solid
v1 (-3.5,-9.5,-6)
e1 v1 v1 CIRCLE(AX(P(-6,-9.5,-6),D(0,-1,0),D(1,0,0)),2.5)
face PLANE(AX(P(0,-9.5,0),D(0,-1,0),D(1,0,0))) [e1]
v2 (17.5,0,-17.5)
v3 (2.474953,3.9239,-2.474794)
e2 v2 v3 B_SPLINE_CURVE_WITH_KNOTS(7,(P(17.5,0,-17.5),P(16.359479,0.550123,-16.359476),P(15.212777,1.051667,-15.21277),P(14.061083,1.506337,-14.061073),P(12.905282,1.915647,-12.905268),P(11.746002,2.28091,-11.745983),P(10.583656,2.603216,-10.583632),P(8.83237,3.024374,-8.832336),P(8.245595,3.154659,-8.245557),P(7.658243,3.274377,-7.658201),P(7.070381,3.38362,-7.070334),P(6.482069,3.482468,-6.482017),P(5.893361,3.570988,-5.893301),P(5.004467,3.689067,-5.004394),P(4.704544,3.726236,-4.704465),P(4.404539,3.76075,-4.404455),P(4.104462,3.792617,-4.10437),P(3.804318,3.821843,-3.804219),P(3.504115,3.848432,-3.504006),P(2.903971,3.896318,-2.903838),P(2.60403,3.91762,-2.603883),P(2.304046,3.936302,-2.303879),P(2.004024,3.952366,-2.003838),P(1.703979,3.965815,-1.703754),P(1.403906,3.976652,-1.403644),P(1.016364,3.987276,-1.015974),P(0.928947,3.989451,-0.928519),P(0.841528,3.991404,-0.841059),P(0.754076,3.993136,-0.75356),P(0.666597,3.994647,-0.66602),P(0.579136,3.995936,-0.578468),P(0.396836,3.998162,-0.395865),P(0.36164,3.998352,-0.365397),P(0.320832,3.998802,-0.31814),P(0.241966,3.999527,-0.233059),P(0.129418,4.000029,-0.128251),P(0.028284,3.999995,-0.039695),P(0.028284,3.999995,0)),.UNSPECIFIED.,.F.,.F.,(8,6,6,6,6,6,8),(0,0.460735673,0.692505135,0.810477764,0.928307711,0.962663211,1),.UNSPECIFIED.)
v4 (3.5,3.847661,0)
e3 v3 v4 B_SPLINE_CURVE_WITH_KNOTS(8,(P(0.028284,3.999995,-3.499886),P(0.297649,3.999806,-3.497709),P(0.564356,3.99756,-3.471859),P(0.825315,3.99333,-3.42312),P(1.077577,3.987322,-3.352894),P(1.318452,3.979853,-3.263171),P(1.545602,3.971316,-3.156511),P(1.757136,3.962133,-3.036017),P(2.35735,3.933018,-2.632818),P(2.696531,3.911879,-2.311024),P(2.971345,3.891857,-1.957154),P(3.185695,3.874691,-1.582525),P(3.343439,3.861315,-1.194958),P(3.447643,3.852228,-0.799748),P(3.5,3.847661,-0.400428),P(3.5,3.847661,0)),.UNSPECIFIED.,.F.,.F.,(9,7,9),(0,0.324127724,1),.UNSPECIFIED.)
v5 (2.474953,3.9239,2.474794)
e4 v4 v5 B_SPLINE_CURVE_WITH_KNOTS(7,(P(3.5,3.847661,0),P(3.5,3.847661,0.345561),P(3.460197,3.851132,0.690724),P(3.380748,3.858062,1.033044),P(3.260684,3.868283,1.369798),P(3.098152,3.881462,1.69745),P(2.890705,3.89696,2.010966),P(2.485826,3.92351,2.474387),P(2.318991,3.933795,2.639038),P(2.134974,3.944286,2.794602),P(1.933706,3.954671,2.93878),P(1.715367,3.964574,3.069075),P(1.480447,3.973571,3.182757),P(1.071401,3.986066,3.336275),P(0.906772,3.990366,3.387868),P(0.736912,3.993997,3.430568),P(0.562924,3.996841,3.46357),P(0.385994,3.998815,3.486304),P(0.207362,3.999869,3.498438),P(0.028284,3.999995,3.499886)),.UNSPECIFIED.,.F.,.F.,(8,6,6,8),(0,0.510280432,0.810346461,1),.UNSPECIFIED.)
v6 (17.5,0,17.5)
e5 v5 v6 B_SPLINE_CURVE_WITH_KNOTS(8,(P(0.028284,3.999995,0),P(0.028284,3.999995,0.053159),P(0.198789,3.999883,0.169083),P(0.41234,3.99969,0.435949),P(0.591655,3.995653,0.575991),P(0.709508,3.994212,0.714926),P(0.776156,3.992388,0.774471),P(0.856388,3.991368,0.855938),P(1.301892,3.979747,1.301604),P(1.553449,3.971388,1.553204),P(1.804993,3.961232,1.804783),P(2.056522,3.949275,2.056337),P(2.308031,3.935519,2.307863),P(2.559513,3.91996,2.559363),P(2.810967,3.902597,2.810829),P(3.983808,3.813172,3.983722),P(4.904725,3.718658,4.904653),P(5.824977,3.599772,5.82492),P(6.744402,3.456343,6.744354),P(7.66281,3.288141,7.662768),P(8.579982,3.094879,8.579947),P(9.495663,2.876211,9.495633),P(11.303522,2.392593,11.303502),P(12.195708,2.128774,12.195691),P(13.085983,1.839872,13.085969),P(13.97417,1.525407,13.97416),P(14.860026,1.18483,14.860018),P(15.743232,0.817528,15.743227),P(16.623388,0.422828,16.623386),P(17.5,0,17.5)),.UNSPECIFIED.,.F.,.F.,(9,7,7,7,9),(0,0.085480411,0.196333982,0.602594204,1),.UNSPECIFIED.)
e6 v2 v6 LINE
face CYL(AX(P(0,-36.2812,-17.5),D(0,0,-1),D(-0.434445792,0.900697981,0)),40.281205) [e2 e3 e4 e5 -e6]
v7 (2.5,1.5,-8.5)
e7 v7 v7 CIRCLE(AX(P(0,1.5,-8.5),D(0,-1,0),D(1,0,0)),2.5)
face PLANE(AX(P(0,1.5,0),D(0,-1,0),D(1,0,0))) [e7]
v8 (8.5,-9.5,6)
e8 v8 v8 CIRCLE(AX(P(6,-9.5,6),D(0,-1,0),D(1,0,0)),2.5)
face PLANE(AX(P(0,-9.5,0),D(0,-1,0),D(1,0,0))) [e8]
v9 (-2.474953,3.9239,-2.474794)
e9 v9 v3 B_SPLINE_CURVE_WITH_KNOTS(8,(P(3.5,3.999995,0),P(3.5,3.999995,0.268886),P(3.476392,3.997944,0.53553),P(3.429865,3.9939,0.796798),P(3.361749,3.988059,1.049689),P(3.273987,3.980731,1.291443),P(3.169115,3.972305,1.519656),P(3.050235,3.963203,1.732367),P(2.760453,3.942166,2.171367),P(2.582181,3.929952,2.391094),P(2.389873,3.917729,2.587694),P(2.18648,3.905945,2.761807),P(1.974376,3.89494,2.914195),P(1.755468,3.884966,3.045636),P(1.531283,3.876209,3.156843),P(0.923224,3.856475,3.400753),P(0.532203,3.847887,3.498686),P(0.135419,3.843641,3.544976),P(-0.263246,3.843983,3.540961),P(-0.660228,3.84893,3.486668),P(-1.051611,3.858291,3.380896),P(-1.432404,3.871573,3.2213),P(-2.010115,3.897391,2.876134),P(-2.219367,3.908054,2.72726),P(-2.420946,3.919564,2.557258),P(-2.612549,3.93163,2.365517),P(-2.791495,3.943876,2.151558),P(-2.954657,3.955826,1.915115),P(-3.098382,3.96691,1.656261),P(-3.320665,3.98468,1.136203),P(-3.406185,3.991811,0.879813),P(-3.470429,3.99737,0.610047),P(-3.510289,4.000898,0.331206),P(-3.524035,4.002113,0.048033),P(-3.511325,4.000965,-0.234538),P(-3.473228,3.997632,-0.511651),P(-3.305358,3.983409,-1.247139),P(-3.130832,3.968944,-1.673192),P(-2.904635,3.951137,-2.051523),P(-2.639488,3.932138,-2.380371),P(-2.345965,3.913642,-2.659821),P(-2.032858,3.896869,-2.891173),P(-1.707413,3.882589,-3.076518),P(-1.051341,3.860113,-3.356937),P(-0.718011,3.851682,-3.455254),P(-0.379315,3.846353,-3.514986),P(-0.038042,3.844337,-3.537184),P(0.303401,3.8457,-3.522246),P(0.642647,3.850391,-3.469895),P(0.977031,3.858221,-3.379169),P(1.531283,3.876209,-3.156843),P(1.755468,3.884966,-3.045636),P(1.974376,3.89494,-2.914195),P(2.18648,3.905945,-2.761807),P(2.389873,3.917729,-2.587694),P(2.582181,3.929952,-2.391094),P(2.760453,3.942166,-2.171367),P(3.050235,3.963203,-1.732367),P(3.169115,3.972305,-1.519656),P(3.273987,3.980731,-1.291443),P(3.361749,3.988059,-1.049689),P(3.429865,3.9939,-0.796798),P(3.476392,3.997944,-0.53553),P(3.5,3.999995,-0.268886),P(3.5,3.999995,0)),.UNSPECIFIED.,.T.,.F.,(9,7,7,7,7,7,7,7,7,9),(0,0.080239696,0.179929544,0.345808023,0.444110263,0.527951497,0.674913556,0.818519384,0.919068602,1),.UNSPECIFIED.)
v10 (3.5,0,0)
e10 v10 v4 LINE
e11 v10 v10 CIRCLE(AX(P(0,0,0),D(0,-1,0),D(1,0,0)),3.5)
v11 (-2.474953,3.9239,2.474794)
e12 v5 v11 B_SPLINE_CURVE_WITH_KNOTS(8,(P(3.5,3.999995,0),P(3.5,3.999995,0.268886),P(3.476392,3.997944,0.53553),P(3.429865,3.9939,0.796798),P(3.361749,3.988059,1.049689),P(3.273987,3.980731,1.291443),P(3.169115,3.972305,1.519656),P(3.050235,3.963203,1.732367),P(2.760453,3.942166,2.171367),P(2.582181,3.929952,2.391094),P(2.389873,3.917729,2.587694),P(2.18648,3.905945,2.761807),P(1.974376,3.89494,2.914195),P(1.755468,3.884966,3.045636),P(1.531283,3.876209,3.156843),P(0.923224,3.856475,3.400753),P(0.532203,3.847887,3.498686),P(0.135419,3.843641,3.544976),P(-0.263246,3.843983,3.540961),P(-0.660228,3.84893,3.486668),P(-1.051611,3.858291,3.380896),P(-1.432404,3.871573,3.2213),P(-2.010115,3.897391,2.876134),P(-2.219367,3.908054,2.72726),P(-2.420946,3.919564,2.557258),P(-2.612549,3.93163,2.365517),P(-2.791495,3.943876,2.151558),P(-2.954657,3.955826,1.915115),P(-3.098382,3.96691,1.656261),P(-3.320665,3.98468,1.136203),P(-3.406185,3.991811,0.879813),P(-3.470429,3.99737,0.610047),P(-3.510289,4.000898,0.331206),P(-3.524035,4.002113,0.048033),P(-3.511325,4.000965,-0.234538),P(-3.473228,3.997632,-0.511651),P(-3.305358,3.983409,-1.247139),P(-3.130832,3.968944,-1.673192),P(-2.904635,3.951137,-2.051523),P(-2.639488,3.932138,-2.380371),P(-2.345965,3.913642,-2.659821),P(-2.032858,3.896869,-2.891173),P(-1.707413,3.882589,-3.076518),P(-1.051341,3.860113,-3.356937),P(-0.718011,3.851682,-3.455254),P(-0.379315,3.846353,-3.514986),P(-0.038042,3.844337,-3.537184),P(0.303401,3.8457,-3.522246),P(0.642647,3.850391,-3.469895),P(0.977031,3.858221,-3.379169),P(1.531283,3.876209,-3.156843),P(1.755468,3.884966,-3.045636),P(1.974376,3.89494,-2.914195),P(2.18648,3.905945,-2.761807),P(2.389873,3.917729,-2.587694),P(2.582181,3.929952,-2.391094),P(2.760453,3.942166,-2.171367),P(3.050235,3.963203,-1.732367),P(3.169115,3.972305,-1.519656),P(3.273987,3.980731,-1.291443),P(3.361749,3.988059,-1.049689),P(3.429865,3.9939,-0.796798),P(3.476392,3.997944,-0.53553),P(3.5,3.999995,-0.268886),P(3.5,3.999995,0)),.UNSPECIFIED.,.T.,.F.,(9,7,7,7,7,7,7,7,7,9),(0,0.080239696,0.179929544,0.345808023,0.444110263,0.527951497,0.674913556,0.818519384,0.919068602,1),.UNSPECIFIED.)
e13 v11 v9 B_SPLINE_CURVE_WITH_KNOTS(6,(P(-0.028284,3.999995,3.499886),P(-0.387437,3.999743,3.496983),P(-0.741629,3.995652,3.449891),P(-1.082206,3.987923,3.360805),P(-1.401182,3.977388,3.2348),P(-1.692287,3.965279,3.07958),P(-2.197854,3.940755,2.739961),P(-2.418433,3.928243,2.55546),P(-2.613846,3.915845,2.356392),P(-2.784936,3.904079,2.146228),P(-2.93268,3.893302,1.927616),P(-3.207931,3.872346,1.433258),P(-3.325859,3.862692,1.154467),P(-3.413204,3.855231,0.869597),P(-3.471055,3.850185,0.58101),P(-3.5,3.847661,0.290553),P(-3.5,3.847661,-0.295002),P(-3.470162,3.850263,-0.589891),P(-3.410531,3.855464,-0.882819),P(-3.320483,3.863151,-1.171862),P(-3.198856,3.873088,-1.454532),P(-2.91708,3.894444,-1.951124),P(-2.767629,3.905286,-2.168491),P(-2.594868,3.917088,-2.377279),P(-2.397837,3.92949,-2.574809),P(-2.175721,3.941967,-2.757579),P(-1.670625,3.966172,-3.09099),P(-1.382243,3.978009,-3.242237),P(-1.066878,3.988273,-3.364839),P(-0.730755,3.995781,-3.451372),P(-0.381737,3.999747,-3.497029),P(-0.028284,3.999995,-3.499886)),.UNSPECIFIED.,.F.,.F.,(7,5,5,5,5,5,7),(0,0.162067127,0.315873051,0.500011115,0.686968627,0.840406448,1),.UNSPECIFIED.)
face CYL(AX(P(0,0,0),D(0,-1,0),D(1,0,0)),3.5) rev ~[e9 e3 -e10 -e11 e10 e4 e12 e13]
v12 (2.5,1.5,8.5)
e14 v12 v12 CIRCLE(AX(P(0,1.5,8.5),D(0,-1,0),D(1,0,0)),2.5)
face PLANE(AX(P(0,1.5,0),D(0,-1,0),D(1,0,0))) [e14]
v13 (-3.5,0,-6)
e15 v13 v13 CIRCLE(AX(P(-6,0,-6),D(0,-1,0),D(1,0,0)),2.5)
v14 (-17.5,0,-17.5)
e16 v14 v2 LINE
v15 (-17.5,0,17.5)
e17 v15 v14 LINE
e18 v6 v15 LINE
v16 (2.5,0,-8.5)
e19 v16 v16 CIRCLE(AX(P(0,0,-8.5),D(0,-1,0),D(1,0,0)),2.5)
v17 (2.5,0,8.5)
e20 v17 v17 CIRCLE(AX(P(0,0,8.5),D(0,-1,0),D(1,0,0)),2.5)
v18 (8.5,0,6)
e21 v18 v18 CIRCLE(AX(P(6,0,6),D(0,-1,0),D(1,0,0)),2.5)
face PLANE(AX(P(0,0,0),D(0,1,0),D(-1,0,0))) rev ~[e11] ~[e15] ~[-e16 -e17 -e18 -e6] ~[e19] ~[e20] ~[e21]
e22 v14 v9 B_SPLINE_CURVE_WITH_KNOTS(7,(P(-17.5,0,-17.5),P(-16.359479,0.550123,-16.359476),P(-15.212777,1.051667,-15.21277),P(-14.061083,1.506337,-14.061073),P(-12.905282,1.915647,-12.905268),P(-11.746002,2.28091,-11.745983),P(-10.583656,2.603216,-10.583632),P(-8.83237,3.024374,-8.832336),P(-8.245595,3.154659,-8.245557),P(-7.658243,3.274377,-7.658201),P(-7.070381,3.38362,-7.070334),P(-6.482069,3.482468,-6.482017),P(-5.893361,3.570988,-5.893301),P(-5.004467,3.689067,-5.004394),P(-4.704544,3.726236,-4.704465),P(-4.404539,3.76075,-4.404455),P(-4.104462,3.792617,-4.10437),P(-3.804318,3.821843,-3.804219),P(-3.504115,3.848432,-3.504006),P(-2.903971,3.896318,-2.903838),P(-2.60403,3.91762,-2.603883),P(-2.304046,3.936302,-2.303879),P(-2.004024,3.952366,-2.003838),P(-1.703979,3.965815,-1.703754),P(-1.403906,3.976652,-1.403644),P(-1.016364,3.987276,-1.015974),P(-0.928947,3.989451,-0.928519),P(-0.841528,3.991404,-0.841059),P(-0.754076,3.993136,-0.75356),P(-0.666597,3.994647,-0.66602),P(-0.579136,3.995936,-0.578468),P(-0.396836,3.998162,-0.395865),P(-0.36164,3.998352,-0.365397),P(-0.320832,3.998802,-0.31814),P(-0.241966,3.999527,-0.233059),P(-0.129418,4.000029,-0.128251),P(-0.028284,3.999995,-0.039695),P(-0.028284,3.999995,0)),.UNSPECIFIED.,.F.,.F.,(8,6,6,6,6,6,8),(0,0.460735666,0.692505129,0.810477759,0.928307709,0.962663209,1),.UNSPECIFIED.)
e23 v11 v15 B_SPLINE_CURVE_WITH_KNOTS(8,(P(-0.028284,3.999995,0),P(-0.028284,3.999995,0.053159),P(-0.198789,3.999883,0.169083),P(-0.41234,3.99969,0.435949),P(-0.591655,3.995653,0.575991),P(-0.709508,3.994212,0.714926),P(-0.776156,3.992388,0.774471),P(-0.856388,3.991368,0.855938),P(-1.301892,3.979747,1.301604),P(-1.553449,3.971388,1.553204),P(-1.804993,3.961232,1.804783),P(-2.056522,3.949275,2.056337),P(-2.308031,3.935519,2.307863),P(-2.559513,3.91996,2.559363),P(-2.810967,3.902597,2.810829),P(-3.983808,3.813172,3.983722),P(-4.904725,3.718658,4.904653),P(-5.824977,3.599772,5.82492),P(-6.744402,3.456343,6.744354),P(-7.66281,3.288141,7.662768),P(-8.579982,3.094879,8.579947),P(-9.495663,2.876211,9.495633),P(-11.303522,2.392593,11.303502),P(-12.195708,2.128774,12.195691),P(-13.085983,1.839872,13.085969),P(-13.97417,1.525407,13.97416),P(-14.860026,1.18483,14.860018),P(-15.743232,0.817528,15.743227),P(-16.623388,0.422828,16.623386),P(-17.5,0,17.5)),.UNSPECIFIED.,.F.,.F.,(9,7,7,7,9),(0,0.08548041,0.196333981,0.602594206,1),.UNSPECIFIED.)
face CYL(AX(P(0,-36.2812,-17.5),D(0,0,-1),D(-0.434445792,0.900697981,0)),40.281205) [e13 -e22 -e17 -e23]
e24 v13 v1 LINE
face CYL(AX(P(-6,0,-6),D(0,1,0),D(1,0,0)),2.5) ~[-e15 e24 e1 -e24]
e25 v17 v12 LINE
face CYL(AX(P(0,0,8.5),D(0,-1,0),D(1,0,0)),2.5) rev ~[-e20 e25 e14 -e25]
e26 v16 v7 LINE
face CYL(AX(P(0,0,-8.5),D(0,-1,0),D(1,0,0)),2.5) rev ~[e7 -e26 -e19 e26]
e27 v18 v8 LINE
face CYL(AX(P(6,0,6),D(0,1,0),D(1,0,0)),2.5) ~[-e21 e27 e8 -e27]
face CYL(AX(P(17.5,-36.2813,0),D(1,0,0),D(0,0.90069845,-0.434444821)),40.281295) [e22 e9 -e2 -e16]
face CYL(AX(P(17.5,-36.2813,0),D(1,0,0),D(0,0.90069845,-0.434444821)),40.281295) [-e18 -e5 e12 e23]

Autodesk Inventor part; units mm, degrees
ref_plane "YZ Plane" through (0, 0, 0) normal (1, 0, 0) x (0, 1, 0)
ref_plane "XZ Plane" through (0, 0, 0) normal (0, 1, 0) x (-1, 0, 0)
ref_plane "XY Plane" through (0, 0, 0) normal (0, 0, 1) x (1, 0, 0)
sketch "Sketch1" plane through (0, 0, 0) normal (0, 1, 0) x (-1, 0, 0)
  line L0 (17.5, -17.5) -> (-17.5, -17.5)
  line L1 (-17.5, -17.5) -> (-17.5, 17.5)
  line L2 (-17.5, 17.5) -> (17.5, 17.5)
  line L3 (17.5, 17.5) -> (17.5, -17.5)
  line L4 (17.5, -17.5) -> (-17.5, 17.5) construction
  line L5 (-17.5, -17.5) -> (17.5, 17.5) construction
  point P0 (0, 0)
  dimension "d0" = 35
  dimension "d1" = 35
extrude "Extrusion1" add sketch "Sketch1" along normal blind 4
sketch "Sketch3" plane through (17.5, 0, 17.5) normal (1, 0, 0) x (0, 0, -1)
  line L0 (35, 4) -> (0, 4) projected
  line L1 (0, 0) -> (35, 0) projected
  line L2 (0, 0) -> (35, 0)
  arc A0 (35, 0) -> (0, 0) centre (17.5, -36.2813) ccw
  point P0 (17.5, 4)
extrude "Extrusion3" cut sketch "Sketch3" against normal through all keep common part
sketch "Sketch4" plane through (17.5, 0, -17.5) normal (0, 0, -1) x (-1, 0, 0)
  line L0 (35, 0) -> (35, 4) projected
  line L1 (0, 0) -> (35, 0)
  line L2 (0, 0) -> (0, 4) projected
  line L3 (35, 0) -> (0, 0) projected
  arc A0 (35, 0) -> (0, 0) centre (17.5, -36.2812) ccw
  point P0 (17.5, 0)
  dimension "d31" = 4
extrude "Extrusion4" cut sketch "Sketch4" against normal through all keep common part
sketch "Sketch5" plane through (0, 0, 0) normal (0, -1, 0) x (1, 0, 0)
  circle A0 centre (0, 0) radius 3.5
  dimension "d14" = 7
extrude "Extrusion5" cut sketch "Sketch5" against normal through all
sketch "Sketch6" plane through (0, 0, 0) normal (0, -1, 0) x (1, 0, 0)
  circle A0 centre (-6, -6) radius 2.5
  circle A1 centre (6, 6) radius 2.5
  circle A2 centre (6, -6) radius 2.5
  circle A3 centre (-6, 6) radius 2.5
  point P0 (0, 0)
  point P1 (0, 0)
  dimension "d17" = 5
  dimension "d18" = 5
  dimension "d19" = 6
  dimension "d20" = 6
  dimension "d21" = 6
  dimension "d22" = 6
  dimension "d25" = 5
  dimension "d26" = 5
  dimension "d27" = 6
  dimension "d28" = 6
  dimension "d29" = 6
  dimension "d30" = 6
extrude "Extrusion6" add sketch "Sketch6" along normal blind 9.5 contours A0 | A1
sketch "Sketch7" plane through (0, 0, 0) normal (0, -1, 0) x (1, 0, 0)
  line L0 (-17.5, 17.5) -> (-17.5, -17.5) construction
  line L1 (-17.5, 0) -> (17.5, 0) construction
  line L2 (17.5, -17.5) -> (17.5, 17.5) construction
  circle A0 centre (0, 8.5) radius 2.5
  circle A1 centre (0, -8.5) radius 2.5
  line L3 (0, 0) -> (0, 8.5) construction
  dimension "d32" = 5
  dimension "d33" = 8.5
extrude "Extrusion7" cut sketch "Sketch7" against normal blind 1.5
equation "\"d1\" = d0"
equation "\"d17\" = d18"
equation "\"d19\" = d21"
equation "\"d20\" = d27"
equation "\"d22\" = d27"
equation "\"d25\" = d18"
equation "\"d26\" = d18"
equation "\"d27\" = d21"
equation "\"d28\" = d21"
equation "\"d29\" = d21"
equation "\"d30\" = d21"
properties part number "thumper-bumper-trigger-v2"
